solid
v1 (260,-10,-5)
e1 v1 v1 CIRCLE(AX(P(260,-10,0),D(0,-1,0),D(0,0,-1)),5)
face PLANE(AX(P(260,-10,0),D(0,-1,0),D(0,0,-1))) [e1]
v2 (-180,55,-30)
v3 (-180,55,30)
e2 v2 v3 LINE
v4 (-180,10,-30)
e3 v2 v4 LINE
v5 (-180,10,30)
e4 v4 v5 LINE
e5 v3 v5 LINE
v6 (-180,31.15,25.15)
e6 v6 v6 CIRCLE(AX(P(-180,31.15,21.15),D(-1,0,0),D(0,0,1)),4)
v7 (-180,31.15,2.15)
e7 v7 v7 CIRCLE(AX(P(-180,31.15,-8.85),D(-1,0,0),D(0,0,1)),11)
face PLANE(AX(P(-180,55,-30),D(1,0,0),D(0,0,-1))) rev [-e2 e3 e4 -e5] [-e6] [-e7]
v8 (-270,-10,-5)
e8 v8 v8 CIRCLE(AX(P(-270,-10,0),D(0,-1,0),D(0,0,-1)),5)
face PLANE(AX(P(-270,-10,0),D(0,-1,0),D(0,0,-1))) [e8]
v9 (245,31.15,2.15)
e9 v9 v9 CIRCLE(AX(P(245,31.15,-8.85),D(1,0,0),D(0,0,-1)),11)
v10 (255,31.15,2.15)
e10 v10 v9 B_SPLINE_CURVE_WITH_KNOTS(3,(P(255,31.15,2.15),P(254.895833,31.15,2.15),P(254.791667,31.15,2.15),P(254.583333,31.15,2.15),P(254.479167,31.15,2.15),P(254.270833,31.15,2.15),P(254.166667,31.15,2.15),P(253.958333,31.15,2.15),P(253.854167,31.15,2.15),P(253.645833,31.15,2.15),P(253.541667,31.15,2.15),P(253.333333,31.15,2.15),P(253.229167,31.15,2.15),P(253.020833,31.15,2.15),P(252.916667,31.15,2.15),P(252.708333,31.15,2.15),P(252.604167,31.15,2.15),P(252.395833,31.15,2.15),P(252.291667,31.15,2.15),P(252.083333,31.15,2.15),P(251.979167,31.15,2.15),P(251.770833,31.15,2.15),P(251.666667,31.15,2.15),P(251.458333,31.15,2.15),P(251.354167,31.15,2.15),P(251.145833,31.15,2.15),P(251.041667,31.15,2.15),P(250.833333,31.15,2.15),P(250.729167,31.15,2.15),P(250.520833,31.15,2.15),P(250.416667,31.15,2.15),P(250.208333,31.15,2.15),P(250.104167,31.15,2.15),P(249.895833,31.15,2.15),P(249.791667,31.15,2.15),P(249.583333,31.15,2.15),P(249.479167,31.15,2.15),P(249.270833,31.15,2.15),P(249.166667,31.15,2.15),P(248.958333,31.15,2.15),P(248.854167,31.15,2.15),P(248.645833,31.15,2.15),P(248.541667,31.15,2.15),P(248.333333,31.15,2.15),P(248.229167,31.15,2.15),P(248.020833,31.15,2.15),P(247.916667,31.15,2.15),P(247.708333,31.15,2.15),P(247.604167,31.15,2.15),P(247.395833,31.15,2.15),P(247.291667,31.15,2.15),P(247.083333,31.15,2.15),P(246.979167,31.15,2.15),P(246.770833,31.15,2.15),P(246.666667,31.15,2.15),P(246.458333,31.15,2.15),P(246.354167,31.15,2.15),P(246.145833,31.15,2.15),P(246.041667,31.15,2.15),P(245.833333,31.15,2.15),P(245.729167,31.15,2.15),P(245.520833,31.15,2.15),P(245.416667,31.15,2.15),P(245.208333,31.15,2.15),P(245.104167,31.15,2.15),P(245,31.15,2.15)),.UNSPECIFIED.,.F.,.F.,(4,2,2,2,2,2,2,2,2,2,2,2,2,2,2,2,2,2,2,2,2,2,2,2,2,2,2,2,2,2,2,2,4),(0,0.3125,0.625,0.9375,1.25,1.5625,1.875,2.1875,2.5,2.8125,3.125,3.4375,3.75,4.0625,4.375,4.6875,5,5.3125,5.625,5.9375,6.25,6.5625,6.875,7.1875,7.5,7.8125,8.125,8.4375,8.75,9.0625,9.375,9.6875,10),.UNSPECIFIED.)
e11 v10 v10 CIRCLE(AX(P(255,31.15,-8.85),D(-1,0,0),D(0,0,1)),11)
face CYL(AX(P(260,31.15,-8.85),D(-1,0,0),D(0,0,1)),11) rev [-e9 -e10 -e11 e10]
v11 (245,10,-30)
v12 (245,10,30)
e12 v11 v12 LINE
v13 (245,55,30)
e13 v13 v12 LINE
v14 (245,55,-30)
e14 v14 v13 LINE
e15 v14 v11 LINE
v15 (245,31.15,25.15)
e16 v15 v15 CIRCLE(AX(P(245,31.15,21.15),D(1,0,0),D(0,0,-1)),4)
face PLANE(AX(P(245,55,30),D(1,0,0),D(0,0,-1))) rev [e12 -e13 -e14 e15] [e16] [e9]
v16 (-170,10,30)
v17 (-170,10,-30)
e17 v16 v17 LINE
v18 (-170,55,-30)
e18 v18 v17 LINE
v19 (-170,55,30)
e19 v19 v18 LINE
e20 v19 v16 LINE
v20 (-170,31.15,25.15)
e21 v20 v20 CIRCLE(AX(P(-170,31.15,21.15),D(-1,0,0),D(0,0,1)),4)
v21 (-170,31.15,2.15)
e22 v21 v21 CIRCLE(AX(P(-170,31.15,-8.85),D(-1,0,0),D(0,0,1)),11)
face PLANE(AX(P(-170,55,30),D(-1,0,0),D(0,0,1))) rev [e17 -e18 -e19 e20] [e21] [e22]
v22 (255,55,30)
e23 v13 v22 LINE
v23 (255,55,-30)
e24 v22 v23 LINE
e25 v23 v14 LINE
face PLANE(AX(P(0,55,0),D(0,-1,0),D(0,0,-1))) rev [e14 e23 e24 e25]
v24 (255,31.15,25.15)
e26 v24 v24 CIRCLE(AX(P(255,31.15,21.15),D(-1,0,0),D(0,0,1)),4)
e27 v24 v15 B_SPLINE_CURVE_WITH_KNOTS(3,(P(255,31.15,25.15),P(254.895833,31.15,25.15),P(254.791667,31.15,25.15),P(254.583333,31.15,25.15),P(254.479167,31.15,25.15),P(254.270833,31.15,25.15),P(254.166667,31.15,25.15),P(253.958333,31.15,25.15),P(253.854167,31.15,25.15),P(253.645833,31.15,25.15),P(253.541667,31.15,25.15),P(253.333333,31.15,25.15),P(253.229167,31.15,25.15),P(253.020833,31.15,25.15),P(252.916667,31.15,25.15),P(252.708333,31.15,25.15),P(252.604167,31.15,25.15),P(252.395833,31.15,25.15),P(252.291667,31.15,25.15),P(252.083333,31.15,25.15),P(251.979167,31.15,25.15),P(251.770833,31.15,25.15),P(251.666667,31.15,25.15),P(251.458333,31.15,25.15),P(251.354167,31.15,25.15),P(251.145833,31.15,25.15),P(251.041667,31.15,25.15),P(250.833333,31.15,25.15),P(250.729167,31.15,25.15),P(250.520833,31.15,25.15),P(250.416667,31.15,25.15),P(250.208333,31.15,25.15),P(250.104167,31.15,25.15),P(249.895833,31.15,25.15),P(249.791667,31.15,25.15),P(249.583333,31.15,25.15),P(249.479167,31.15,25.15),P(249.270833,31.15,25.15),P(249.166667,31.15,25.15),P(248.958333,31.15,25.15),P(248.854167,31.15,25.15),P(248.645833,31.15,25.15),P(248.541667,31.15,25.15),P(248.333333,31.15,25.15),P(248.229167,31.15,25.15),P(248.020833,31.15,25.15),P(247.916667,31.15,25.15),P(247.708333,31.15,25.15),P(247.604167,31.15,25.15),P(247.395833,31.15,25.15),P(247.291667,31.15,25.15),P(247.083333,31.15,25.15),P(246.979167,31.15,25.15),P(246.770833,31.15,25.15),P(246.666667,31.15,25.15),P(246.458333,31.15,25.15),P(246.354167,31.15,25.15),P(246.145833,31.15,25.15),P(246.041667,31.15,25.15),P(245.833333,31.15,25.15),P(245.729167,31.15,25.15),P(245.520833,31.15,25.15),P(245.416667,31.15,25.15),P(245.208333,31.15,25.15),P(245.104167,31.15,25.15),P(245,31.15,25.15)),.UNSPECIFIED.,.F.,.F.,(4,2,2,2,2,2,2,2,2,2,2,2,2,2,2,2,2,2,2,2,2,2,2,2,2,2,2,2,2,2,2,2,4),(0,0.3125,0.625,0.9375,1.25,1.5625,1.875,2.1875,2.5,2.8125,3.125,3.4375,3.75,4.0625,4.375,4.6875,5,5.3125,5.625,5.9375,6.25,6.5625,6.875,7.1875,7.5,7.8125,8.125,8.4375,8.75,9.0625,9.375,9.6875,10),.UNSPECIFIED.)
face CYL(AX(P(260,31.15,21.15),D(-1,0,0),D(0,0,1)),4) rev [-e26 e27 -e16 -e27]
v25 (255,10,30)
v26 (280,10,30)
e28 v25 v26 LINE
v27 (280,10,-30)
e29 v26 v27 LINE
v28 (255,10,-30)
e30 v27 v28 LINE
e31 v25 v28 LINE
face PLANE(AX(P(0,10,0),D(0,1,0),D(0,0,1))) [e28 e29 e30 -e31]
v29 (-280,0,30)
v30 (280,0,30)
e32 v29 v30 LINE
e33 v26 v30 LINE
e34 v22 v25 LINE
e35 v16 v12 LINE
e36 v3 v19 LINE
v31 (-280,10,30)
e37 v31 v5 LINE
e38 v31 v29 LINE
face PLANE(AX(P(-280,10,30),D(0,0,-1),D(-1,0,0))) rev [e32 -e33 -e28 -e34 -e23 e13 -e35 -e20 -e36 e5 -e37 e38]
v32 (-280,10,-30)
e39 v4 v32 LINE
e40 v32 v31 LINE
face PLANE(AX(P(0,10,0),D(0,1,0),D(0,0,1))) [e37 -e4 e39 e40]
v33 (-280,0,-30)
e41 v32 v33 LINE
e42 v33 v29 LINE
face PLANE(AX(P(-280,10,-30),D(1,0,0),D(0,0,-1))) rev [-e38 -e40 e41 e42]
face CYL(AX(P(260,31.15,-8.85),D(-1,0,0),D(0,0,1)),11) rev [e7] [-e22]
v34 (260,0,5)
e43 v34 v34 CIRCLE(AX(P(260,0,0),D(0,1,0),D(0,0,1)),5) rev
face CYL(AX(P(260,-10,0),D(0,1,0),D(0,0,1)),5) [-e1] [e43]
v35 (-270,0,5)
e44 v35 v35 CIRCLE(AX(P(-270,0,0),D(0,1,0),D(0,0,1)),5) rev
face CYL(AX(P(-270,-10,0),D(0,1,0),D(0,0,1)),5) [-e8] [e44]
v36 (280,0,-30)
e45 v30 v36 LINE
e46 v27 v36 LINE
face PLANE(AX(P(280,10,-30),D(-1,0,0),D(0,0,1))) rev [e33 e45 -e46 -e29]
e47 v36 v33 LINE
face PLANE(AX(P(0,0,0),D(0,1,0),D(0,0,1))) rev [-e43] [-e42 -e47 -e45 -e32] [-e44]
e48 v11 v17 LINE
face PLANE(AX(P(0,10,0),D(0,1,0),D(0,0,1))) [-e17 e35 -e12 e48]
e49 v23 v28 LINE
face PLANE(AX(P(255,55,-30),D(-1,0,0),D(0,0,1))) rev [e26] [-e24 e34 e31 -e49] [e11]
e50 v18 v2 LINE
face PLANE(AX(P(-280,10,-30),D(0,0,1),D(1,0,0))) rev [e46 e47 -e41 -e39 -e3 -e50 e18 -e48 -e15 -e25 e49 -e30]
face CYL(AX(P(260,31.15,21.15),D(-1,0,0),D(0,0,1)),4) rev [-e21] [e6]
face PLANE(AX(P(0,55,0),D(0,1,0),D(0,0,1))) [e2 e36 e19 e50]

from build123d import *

# Parameters (mm, degrees)
SKETCH1_W           = 560
SKETCH1_H           = 60
BOSS_EXTRUDE1_DEPTH = 10
SKETCH2_W           = 10
SKETCH2_H           = 60
BOSS_EXTRUDE2_DEPTH = 45
SKETCH3_R           = 11
SKETCH3_R_2         = 4
CUT_EXTRUDE1_DEPTH  = 440
SKETCH4_R           = 5
BOSS_EXTRUDE3_DEPTH = 10


with BuildPart() as part:
    # Sketch1 → Boss-Extrude1 (new body)
    with BuildSketch(Plane(origin=(0, 0, 0), x_dir=(1, 0, 0), z_dir=(0, 1, 0))):
        Rectangle(SKETCH1_W, SKETCH1_H)
    extrude(amount=BOSS_EXTRUDE1_DEPTH)

    # Sketch2 → Boss-Extrude2 (add)
    with BuildSketch(Plane(origin=(0, 10, 0), x_dir=(1, 0, 0), z_dir=(0, 1, 0))):
        with Locations((-175, 0)):
            Rectangle(SKETCH2_W, SKETCH2_H)
        with Locations((250, 0)):
            Rectangle(SKETCH2_W, SKETCH2_H)
    extrude(amount=BOSS_EXTRUDE2_DEPTH)

    # Sketch3 → Cut-Extrude1 (cut)
    with BuildSketch(Plane.ZY.offset(180)):
        with Locations((-8.85, 31.15)):
            Circle(SKETCH3_R)
        with Locations((21.15, 31.15)):
            Circle(SKETCH3_R_2)
    extrude(amount=-CUT_EXTRUDE1_DEPTH, mode=Mode.SUBTRACT)

    # Sketch4 → Boss-Extrude3 (add)
    with BuildSketch(Plane.XZ):
        with Locations(Location((-270, 0, 0), (0, 0, 90))):
            Circle(SKETCH4_R)
        with Locations(Location((260, 0, 0), (0, 0, 90))):
            Circle(SKETCH4_R)
    extrude(amount=BOSS_EXTRUDE3_DEPTH)


solid = part.part
